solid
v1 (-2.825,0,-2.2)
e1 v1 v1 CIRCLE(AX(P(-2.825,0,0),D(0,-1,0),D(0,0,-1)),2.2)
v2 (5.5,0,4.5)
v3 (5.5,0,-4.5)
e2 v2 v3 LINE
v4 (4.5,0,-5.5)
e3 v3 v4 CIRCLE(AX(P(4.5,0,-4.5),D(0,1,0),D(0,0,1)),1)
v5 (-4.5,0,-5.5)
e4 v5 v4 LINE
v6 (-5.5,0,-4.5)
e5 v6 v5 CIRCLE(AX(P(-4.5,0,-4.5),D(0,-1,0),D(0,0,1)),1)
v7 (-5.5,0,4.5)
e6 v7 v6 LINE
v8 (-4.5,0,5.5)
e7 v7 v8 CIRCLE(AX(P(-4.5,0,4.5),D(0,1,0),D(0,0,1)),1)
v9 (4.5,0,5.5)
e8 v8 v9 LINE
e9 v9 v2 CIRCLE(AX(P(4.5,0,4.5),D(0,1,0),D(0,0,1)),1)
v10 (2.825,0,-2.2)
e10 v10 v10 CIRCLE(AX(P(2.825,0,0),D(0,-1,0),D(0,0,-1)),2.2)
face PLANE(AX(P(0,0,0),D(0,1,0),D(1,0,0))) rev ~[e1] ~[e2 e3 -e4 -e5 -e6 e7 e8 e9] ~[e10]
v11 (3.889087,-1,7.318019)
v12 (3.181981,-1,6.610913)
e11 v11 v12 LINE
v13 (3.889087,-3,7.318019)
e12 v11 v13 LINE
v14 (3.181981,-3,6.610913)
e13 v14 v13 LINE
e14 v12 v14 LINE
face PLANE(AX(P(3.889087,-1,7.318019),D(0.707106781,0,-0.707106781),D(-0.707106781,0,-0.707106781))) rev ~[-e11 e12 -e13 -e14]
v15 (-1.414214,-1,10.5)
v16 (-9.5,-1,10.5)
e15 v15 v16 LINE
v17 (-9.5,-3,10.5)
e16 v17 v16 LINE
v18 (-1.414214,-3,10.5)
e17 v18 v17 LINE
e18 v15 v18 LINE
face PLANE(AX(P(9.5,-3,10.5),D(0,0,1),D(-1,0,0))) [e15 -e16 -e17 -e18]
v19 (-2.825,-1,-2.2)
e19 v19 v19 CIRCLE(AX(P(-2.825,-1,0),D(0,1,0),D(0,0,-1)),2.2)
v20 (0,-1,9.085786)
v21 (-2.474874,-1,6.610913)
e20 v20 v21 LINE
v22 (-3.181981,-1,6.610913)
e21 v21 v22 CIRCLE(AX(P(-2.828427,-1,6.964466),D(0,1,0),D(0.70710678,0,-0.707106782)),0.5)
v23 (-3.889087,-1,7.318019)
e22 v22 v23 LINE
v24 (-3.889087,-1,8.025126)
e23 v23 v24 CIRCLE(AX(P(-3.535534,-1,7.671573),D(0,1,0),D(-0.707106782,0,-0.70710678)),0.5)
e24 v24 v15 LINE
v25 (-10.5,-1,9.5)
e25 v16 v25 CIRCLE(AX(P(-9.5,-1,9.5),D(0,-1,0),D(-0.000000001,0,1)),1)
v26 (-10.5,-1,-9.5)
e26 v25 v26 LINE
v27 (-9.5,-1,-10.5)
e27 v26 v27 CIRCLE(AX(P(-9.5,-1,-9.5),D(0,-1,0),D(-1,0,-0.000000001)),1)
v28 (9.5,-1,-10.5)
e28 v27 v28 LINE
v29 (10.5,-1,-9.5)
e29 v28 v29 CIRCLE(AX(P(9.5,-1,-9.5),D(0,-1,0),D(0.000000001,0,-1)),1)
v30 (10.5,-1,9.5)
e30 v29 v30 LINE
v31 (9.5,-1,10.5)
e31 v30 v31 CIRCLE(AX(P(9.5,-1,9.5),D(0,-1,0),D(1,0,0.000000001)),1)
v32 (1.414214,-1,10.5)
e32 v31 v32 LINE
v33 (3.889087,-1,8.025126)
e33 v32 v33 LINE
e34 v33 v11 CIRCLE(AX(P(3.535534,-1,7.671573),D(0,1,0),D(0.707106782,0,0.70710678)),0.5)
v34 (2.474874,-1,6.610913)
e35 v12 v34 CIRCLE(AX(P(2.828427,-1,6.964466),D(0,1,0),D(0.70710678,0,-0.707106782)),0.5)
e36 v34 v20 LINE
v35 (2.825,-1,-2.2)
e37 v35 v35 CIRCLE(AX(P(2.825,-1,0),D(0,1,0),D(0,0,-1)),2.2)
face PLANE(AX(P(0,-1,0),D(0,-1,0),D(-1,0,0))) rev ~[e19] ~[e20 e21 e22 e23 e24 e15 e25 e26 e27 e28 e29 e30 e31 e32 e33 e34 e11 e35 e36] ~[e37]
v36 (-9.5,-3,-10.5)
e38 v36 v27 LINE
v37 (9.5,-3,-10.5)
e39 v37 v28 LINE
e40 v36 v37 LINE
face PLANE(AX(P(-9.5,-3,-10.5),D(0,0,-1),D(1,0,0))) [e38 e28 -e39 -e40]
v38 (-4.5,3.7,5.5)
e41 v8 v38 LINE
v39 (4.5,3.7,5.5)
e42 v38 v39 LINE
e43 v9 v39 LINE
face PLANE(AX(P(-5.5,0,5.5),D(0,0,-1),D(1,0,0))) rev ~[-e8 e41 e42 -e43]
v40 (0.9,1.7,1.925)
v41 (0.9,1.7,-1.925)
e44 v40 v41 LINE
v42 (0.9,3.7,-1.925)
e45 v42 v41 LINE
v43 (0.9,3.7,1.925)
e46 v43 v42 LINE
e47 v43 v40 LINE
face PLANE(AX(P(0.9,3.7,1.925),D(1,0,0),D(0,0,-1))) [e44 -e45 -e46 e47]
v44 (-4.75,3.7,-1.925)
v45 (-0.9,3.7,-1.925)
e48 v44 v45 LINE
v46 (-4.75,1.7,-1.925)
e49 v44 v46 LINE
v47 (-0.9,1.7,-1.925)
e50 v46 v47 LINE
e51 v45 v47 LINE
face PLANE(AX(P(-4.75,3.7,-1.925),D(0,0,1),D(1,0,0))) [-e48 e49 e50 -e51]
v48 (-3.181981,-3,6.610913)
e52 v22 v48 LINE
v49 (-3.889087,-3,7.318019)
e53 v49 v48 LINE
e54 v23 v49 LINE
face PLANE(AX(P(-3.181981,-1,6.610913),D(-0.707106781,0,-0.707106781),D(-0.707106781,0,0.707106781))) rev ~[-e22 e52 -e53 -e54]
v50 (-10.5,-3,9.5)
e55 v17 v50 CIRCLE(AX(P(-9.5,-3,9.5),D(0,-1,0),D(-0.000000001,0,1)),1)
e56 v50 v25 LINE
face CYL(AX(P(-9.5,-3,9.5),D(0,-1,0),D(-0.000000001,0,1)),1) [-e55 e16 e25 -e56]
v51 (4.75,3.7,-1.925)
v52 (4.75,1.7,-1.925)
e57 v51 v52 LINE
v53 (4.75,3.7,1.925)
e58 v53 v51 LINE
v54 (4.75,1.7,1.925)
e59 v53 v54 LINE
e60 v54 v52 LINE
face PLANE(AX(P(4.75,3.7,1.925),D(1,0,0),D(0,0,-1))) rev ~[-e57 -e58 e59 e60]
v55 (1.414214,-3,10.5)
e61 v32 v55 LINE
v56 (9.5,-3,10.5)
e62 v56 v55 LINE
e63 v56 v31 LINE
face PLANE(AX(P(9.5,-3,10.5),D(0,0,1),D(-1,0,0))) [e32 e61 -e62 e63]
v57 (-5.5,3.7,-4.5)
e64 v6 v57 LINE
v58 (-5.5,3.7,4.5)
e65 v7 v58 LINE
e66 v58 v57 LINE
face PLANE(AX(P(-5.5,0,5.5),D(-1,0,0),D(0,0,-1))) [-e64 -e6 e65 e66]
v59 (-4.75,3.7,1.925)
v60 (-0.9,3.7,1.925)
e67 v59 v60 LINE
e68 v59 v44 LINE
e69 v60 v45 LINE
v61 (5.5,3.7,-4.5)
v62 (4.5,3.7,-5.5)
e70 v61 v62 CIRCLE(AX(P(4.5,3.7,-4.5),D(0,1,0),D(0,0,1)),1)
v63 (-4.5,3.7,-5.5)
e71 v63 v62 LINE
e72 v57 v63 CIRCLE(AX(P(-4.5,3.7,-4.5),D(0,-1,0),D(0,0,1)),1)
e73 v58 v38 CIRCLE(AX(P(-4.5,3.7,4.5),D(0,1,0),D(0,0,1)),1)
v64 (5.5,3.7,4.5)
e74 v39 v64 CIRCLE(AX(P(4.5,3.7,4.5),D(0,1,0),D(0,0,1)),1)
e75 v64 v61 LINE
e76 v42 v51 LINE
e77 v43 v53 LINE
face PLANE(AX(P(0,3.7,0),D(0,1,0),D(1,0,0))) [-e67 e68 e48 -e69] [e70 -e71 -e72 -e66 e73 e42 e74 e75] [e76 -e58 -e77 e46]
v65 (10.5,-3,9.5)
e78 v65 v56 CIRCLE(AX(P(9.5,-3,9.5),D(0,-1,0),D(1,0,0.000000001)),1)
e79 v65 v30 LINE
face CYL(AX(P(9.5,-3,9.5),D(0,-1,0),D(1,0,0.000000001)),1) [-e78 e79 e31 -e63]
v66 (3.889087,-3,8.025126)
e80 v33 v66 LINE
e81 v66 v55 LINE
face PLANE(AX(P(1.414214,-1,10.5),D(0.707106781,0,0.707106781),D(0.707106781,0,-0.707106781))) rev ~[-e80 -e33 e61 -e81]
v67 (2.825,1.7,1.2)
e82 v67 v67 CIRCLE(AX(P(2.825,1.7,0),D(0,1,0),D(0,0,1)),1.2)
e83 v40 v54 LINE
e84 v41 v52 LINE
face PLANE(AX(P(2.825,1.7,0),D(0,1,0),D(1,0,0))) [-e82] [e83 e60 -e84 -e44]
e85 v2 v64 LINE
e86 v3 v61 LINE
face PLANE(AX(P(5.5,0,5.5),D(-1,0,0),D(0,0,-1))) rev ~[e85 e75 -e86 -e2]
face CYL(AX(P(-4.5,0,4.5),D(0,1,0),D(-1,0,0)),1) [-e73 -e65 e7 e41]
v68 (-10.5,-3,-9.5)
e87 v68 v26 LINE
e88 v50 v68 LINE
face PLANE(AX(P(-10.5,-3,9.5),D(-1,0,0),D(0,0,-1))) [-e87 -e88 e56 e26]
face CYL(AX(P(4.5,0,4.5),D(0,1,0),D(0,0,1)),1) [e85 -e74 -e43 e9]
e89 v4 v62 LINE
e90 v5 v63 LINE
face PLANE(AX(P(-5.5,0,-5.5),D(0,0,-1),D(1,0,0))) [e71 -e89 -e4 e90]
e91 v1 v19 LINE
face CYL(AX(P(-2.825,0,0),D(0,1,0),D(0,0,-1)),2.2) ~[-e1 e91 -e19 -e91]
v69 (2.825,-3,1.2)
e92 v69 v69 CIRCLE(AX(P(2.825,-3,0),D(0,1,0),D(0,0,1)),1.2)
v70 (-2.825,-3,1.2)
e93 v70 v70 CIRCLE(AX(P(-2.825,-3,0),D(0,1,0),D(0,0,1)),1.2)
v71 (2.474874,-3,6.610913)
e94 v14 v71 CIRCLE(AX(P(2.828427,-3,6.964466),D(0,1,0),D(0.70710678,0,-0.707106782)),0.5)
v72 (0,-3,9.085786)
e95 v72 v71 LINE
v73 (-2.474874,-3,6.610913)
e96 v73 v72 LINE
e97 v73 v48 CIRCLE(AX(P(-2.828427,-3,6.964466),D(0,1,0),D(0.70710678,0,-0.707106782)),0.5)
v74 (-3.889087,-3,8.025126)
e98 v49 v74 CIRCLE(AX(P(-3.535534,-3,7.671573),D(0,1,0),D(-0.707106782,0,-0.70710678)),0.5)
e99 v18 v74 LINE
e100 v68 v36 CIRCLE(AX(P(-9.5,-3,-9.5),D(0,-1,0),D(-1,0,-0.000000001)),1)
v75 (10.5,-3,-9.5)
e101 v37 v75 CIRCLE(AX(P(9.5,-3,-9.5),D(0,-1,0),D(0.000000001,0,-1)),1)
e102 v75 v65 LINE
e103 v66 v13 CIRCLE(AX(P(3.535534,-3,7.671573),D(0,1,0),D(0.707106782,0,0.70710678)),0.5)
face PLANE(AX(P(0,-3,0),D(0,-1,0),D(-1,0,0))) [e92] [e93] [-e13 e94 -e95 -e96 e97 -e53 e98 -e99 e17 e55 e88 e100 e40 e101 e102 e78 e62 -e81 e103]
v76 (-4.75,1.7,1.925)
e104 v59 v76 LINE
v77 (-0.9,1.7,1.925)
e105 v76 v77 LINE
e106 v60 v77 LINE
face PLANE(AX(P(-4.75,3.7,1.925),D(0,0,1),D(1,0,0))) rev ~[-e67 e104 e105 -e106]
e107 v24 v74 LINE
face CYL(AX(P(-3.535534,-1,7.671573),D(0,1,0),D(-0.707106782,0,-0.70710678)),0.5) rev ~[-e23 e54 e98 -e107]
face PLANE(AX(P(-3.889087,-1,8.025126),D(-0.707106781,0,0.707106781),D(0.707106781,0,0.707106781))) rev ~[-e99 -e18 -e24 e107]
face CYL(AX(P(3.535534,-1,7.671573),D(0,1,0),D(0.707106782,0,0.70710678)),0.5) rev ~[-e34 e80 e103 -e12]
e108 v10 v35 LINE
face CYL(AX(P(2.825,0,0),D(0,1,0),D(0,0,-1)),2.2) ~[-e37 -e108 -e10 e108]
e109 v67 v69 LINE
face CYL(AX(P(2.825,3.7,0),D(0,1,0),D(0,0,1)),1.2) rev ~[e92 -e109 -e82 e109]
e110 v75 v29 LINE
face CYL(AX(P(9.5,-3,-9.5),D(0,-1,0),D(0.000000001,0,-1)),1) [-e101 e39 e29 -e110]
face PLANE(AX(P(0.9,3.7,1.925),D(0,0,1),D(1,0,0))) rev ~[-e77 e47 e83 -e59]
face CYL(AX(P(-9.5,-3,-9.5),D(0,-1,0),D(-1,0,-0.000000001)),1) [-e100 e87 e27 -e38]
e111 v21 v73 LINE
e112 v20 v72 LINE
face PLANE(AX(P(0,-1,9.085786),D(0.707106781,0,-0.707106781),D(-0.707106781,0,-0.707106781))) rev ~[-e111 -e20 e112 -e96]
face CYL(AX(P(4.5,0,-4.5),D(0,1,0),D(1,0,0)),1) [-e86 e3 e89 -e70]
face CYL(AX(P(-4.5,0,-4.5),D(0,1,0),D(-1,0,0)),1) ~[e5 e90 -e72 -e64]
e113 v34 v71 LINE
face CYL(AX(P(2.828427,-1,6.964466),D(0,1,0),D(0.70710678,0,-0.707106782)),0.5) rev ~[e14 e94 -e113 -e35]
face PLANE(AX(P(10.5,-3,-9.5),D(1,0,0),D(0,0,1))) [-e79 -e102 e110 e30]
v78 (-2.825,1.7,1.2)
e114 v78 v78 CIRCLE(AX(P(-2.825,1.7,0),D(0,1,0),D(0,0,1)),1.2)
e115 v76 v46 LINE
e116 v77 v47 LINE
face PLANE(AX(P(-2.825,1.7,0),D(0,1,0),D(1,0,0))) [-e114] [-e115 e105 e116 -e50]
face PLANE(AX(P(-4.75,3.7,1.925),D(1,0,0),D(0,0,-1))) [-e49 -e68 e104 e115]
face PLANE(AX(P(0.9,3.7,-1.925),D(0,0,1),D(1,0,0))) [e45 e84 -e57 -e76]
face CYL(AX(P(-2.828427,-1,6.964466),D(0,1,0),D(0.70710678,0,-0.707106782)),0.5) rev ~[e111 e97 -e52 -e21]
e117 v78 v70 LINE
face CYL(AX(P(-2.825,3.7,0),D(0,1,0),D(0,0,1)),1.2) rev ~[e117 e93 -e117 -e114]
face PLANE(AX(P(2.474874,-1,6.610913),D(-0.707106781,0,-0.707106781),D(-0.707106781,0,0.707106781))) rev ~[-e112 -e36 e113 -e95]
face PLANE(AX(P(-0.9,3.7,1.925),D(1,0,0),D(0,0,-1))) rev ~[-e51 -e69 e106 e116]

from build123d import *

# Parameters (mm, degrees)
SKETCH1_W           = 11
SKETCH1_H           = 11
BOSS_EXTRUDE1_DEPTH = 3.7
FILLET1_R           = 1
SKETCH2_W           = 3.85
SKETCH2_H           = 3.85
CUT_EXTRUDE1_DEPTH  = 2
SKETCH4_R           = 2.2
BOSS_EXTRUDE2_DEPTH = 3
BOSS_EXTRUDE3_DEPTH = 2
SKETCH3_R           = 1.2
CUT_EXTRUDE2_DEPTH  = 17.290794947
CUT_EXTRUDE3_DEPTH  = 16.57530096


with BuildPart() as part:
    # Sketch1 → Boss-Extrude1 (new body)
    with BuildSketch(Plane(origin=(0, 0, 0), x_dir=(1, 0, 0), z_dir=(0, 1, 0))):
        Rectangle(SKETCH1_W, SKETCH1_H)
    extrude(amount=BOSS_EXTRUDE1_DEPTH)

    # Fillet1
    fillet1_edges = [part.edges().sort_by_distance(p)[0] for p in [
        (5.5, 1.85, 5.5),
        (-5.5, 1.85, 5.5),
        (-5.5, 1.85, -5.5),
        (5.5, 1.85, -5.5),
    ]]
    fillet(fillet1_edges, radius=FILLET1_R)

    # Sketch2 → Cut-Extrude1 (cut)
    with BuildSketch(Plane(origin=(0, 3.7, 0), x_dir=(1, 0, 0), z_dir=(0, 1, 0))):
        with Locations((-2.825, 0)):
            Rectangle(SKETCH2_W, SKETCH2_H)
        with Locations((2.825, 0)):
            Rectangle(SKETCH2_W, SKETCH2_H)
    extrude(amount=-CUT_EXTRUDE1_DEPTH, mode=Mode.SUBTRACT)

    # Sketch4 → Boss-Extrude2 (add)
    with BuildSketch(Plane(origin=(0, 0, 0), x_dir=(-1, 0, 0), z_dir=(0, -1, 0))):
        with Locations(Location((2.825, 0, 0), (0, 0, 90))):
            Circle(SKETCH4_R)
        with Locations(Location((-2.825, 0, 0), (0, 0, 90))):
            Circle(SKETCH4_R)
    extrude(amount=BOSS_EXTRUDE2_DEPTH)

    # Sketch5 → Boss-Extrude3 (add)
    with BuildSketch(Plane(origin=(0, -3, 0), x_dir=(-1, 0, 0), z_dir=(0, -1, 0))):
        with BuildLine():
            Line((9.5, 10.5), (-9.5, 10.5))
            ThreePointArc((-9.5, 10.5), (-10.207106781, 10.207106781), (-10.5, 9.5))
            Line((-10.5, 9.5), (-10.5, -9.5))
            ThreePointArc((-10.5, -9.5), (-10.207106781, -10.207106781), (-9.5, -10.5))
            Line((-9.5, -10.5), (9.5, -10.5))
            ThreePointArc((9.5, -10.5), (10.207106781, -10.207106781), (10.5, -9.5))
            Line((10.5, -9.5), (10.5, 9.5))
            ThreePointArc((10.5, 9.5), (10.207106781, 10.207106781), (9.5, 10.5))
        make_face()
    extrude(amount=-BOSS_EXTRUDE3_DEPTH)

    # Sketch3 → Cut-Extrude2 (cut, through all)
    with BuildSketch(Plane(origin=(0, 3.7, 0), x_dir=(1, 0, 0), z_dir=(0, 1, 0))):
        with Locations(Location((-2.825, 0, 0), (0, 0, 270))):
            Circle(SKETCH3_R)
        with Locations(Location((2.825, 0, 0), (0, 0, 270))):
            Circle(SKETCH3_R)
    extrude(amount=-CUT_EXTRUDE2_DEPTH, mode=Mode.SUBTRACT)

    # Sketch7 → Cut-Extrude3 (cut, through all)
    with BuildSketch(Plane(origin=(0, -1, 0), x_dir=(1, 0, 0), z_dir=(0, 1, 0))):
        with BuildLine():
            Line((0, -9.085786438), (1.414213562, -10.5))
            Line((1.414213562, -10.5), (3.889087297, -8.025126266))
            ThreePointArc((3.889087297, -8.025126266), (4.035533906, -7.671572875), (3.889087297, -7.318019485))
            Line((3.889087297, -7.318019485), (3.181980515, -6.610912703))
            ThreePointArc((3.181980515, -6.610912703), (2.828427125, -6.464466094), (2.474873734, -6.610912703))
            Line((2.474873734, -6.610912703), (0, -9.085786438))
        make_face()
        with BuildLine():
            Line((-3.889087297, -8.025126266), (-1.414213562, -10.5))
            Line((-1.414213562, -10.5), (0, -9.085786438))
            Line((0, -9.085786438), (-2.474873734, -6.610912703))
            ThreePointArc((-2.474873734, -6.610912703), (-2.828427125, -6.464466094), (-3.181980515, -6.610912703))
            Line((-3.181980515, -6.610912703), (-3.889087297, -7.318019485))
            ThreePointArc((-3.889087297, -7.318019485), (-4.035533906, -7.671572875), (-3.889087297, -8.025126266))
        make_face()
        Polygon((-1.414213562, -10.5), (1.414213562, -10.5), (0, -9.085786438), align=None)
    extrude(amount=-CUT_EXTRUDE3_DEPTH, mode=Mode.SUBTRACT)


solid = part.part
